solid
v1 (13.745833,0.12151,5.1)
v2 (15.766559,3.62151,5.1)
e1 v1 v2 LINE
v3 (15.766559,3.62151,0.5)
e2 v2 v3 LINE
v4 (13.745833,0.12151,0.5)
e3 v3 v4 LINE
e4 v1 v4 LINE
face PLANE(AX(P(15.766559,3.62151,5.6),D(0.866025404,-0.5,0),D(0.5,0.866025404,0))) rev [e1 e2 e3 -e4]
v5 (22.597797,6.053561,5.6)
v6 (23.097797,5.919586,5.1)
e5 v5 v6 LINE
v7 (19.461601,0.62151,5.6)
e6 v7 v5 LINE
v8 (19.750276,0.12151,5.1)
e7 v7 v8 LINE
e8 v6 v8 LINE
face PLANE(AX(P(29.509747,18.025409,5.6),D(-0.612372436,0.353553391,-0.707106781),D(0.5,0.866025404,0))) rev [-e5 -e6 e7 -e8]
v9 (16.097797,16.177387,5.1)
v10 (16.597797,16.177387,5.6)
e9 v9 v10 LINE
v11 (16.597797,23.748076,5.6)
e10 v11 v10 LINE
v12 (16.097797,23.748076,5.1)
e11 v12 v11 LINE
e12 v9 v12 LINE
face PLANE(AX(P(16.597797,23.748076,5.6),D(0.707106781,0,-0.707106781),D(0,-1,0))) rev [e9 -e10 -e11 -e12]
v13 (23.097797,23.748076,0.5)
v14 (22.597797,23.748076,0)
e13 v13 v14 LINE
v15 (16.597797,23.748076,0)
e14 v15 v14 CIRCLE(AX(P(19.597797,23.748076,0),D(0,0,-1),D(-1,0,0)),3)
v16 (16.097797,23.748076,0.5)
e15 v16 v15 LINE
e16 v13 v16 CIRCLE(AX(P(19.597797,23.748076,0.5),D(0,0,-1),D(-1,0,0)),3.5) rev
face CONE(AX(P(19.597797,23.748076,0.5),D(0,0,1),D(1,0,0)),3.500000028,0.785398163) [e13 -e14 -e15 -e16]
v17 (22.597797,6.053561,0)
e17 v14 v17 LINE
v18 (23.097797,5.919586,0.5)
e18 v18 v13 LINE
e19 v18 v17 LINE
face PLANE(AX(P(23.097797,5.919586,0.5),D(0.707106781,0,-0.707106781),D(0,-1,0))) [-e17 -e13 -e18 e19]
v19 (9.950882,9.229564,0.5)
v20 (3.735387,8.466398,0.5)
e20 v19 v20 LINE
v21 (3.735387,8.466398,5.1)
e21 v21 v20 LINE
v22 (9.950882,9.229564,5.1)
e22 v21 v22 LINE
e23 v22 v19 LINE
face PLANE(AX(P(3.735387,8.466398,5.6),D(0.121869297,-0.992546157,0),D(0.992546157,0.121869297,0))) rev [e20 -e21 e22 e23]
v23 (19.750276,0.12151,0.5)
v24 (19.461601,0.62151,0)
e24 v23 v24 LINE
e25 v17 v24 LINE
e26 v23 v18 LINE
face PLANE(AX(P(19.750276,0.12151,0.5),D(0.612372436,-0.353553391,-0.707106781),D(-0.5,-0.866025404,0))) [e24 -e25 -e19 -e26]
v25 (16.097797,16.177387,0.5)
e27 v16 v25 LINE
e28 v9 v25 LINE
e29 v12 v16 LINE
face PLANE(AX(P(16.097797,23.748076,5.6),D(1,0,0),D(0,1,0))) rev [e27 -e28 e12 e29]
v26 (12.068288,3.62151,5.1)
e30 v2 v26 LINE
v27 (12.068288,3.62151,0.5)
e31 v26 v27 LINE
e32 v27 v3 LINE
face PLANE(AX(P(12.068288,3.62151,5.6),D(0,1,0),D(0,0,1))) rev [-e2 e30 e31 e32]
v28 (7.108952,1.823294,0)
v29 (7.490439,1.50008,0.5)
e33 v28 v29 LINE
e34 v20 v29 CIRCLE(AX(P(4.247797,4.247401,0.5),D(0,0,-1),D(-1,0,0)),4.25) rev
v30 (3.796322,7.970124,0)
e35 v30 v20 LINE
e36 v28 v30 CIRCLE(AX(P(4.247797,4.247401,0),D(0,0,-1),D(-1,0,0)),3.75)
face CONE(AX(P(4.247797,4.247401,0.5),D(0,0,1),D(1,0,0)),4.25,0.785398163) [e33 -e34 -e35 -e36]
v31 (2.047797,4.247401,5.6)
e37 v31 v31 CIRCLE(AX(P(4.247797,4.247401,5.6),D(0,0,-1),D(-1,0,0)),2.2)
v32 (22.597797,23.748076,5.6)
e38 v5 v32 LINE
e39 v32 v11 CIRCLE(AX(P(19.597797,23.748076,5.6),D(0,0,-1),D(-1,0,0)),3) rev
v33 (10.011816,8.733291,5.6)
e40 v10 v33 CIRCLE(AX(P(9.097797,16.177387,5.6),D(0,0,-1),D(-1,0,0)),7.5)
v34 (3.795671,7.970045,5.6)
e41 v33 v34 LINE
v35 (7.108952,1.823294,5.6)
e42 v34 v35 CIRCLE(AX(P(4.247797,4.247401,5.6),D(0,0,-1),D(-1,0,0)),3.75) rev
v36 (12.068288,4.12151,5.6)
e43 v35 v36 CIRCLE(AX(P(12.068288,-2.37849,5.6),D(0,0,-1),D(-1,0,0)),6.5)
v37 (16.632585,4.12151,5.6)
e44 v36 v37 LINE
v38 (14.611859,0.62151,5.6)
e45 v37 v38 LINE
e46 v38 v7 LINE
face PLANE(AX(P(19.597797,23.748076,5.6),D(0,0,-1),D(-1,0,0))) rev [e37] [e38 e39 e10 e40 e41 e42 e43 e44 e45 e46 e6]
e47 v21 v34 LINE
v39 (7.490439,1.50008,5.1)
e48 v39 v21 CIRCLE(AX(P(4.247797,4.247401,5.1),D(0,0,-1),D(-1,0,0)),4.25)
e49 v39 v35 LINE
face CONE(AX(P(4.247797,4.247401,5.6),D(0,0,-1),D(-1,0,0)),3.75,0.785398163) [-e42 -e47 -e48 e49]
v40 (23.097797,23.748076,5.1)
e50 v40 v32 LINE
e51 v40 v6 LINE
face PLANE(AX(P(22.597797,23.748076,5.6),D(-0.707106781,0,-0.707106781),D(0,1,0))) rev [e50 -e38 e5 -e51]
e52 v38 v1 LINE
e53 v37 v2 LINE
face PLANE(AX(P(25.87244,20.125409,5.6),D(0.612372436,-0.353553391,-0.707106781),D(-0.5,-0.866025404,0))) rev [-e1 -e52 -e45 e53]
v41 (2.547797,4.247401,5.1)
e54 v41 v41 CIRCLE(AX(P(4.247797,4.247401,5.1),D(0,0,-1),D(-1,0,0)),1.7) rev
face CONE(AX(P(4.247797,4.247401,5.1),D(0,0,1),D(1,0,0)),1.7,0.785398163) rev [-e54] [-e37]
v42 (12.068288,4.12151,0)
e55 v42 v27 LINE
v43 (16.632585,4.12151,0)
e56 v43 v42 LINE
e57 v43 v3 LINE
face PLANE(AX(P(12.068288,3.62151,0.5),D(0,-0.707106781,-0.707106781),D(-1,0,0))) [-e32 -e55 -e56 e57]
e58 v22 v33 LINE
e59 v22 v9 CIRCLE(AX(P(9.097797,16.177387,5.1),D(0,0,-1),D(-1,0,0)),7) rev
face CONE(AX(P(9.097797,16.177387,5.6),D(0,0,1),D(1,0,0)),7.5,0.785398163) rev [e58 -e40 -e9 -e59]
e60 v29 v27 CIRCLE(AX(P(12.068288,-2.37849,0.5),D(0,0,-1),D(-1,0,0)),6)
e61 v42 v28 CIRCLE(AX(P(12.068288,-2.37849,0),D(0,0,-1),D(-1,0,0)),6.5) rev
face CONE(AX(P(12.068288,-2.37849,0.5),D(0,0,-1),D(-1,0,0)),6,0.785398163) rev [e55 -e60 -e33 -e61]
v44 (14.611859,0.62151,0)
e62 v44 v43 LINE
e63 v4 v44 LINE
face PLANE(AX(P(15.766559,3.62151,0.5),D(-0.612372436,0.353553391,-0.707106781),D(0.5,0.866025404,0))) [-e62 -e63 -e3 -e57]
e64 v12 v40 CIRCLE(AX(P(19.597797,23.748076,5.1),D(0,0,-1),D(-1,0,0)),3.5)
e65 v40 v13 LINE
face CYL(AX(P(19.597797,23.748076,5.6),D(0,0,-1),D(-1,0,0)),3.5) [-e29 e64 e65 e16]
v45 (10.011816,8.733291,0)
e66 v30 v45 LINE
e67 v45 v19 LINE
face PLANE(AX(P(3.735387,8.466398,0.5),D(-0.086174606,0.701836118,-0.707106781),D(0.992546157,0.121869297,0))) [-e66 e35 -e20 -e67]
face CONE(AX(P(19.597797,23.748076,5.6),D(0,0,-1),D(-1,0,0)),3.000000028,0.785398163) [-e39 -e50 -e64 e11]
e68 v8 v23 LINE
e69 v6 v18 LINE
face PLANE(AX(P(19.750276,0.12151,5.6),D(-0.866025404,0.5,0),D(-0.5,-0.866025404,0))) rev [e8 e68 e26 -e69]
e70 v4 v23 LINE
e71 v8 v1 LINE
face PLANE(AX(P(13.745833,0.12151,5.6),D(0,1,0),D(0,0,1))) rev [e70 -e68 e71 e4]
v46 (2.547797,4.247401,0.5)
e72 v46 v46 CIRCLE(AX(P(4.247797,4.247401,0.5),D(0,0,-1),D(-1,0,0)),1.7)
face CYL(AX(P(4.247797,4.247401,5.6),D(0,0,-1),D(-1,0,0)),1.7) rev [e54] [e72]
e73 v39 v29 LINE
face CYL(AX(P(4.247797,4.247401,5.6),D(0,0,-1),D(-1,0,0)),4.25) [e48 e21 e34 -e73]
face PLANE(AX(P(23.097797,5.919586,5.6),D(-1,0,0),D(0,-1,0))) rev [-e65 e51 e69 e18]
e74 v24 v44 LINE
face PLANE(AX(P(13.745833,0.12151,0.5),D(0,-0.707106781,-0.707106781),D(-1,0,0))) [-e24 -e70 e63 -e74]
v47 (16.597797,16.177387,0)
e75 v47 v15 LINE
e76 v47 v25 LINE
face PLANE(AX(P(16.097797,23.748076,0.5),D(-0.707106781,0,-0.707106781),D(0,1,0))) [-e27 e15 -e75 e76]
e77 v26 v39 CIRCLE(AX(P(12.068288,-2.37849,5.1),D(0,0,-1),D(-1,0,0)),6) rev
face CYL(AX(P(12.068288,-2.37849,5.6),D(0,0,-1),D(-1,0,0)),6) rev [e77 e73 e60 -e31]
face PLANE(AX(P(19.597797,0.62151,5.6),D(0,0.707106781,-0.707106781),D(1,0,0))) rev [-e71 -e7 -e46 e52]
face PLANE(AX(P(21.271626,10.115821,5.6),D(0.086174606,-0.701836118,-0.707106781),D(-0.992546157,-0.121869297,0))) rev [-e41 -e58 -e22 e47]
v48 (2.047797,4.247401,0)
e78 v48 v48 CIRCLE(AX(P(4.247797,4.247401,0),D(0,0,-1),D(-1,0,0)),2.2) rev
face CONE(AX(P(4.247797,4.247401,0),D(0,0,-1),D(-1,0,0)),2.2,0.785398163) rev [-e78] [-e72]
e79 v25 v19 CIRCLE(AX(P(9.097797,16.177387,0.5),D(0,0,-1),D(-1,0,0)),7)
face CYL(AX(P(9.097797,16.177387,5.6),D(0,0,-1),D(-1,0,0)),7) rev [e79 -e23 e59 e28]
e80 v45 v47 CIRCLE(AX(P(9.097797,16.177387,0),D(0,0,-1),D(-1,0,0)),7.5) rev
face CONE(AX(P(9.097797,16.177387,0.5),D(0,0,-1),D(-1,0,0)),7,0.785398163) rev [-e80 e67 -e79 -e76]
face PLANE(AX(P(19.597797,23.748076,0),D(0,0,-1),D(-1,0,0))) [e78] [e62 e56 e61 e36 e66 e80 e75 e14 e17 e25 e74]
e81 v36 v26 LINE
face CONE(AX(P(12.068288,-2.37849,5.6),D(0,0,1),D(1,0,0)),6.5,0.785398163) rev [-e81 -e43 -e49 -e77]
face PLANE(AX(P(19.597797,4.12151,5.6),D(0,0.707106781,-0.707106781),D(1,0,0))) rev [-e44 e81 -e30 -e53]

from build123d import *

# Parameters (mm, degrees)
CROQUIS1_R              = 1.7
SALIENTE_EXTRUIR4_DEPTH = 5.6
CHAFL_N3_SIZE           = 0.5


with BuildPart() as part:
    # Croquis1 → Saliente-Extruir4 (new body)
    with BuildSketch(Plane.XY):
        with BuildLine():
            Line((16.09779672, 23.748075599), (16.09779672, 16.177387183))
            ThreePointArc((16.09779672, 16.177387183), (14.340486657, 11.539046724), (9.9508818, 9.229564082))
            Line((9.9508818, 9.229564082), (3.735387364, 8.46639762))
            ThreePointArc((3.735387364, 8.46639762), (0.50668224, 2.230828662), (7.490439371, 1.500080182))
            ThreePointArc((7.490439371, 1.500080182), (9.545533222, 3.0653793), (12.068287742, 3.621510305))
            Line((12.068287742, 3.621510305), (15.766559407, 3.621510305))
            Line((15.766559407, 3.621510305), (13.745833465, 0.121510305))
            Line((13.745833465, 0.121510305), (19.750276265, 0.121510305))
            Line((19.750276265, 0.121510305), (23.097796776, 5.919585909))
            Line((23.097796776, 5.919585909), (23.097796776, 23.748075599))
            ThreePointArc((23.097796776, 23.748075599), (19.597796748, 27.248075627), (16.09779672, 23.748075599))
        make_face()
        with Locations((4.247796776, 4.247400512)):
            Circle(CROQUIS1_R, mode=Mode.SUBTRACT)
    extrude(amount=SALIENTE_EXTRUIR4_DEPTH)

    # Chaflán3
    chafl_n3_edges = [part.edges().sort_by_distance(p)[0] for p in [
        (14.340486657, 11.539046724, 5.6),
        (23.097796776, 14.833830754, 0),
        (21.42403652, 3.020548107, 0),
        (16.748054865, 0.121510305, 0),
        (14.756196436, 1.871510305, 0),
        (13.917423575, 3.621510305, 0),
        (9.545533222, 3.0653793, 0),
        (0.50668224, 2.230828662, 0),
        (6.843134582, 8.847980851, 0),
        (6.843134582, 8.847980851, 5.6),
        (14.340486657, 11.539046724, 0),
        (16.09779672, 19.962731391, 0),
        (19.597796748, 27.248075627, 0),
        (0.50668224, 2.230828662, 5.6),
        (9.545533222, 3.0653793, 5.6),
        (13.917423575, 3.621510305, 5.6),
        (14.756196436, 1.871510305, 5.6),
        (2.547796776, 4.247400512, 0),
        (2.547796776, 4.247400512, 5.6),
        (16.748054865, 0.121510305, 5.6),
        (21.42403652, 3.020548107, 5.6),
        (23.097796776, 14.833830754, 5.6),
        (19.597796748, 27.248075627, 5.6),
        (16.09779672, 19.962731391, 5.6),
    ]]
    chamfer(chafl_n3_edges, length=CHAFL_N3_SIZE)


solid = part.part
